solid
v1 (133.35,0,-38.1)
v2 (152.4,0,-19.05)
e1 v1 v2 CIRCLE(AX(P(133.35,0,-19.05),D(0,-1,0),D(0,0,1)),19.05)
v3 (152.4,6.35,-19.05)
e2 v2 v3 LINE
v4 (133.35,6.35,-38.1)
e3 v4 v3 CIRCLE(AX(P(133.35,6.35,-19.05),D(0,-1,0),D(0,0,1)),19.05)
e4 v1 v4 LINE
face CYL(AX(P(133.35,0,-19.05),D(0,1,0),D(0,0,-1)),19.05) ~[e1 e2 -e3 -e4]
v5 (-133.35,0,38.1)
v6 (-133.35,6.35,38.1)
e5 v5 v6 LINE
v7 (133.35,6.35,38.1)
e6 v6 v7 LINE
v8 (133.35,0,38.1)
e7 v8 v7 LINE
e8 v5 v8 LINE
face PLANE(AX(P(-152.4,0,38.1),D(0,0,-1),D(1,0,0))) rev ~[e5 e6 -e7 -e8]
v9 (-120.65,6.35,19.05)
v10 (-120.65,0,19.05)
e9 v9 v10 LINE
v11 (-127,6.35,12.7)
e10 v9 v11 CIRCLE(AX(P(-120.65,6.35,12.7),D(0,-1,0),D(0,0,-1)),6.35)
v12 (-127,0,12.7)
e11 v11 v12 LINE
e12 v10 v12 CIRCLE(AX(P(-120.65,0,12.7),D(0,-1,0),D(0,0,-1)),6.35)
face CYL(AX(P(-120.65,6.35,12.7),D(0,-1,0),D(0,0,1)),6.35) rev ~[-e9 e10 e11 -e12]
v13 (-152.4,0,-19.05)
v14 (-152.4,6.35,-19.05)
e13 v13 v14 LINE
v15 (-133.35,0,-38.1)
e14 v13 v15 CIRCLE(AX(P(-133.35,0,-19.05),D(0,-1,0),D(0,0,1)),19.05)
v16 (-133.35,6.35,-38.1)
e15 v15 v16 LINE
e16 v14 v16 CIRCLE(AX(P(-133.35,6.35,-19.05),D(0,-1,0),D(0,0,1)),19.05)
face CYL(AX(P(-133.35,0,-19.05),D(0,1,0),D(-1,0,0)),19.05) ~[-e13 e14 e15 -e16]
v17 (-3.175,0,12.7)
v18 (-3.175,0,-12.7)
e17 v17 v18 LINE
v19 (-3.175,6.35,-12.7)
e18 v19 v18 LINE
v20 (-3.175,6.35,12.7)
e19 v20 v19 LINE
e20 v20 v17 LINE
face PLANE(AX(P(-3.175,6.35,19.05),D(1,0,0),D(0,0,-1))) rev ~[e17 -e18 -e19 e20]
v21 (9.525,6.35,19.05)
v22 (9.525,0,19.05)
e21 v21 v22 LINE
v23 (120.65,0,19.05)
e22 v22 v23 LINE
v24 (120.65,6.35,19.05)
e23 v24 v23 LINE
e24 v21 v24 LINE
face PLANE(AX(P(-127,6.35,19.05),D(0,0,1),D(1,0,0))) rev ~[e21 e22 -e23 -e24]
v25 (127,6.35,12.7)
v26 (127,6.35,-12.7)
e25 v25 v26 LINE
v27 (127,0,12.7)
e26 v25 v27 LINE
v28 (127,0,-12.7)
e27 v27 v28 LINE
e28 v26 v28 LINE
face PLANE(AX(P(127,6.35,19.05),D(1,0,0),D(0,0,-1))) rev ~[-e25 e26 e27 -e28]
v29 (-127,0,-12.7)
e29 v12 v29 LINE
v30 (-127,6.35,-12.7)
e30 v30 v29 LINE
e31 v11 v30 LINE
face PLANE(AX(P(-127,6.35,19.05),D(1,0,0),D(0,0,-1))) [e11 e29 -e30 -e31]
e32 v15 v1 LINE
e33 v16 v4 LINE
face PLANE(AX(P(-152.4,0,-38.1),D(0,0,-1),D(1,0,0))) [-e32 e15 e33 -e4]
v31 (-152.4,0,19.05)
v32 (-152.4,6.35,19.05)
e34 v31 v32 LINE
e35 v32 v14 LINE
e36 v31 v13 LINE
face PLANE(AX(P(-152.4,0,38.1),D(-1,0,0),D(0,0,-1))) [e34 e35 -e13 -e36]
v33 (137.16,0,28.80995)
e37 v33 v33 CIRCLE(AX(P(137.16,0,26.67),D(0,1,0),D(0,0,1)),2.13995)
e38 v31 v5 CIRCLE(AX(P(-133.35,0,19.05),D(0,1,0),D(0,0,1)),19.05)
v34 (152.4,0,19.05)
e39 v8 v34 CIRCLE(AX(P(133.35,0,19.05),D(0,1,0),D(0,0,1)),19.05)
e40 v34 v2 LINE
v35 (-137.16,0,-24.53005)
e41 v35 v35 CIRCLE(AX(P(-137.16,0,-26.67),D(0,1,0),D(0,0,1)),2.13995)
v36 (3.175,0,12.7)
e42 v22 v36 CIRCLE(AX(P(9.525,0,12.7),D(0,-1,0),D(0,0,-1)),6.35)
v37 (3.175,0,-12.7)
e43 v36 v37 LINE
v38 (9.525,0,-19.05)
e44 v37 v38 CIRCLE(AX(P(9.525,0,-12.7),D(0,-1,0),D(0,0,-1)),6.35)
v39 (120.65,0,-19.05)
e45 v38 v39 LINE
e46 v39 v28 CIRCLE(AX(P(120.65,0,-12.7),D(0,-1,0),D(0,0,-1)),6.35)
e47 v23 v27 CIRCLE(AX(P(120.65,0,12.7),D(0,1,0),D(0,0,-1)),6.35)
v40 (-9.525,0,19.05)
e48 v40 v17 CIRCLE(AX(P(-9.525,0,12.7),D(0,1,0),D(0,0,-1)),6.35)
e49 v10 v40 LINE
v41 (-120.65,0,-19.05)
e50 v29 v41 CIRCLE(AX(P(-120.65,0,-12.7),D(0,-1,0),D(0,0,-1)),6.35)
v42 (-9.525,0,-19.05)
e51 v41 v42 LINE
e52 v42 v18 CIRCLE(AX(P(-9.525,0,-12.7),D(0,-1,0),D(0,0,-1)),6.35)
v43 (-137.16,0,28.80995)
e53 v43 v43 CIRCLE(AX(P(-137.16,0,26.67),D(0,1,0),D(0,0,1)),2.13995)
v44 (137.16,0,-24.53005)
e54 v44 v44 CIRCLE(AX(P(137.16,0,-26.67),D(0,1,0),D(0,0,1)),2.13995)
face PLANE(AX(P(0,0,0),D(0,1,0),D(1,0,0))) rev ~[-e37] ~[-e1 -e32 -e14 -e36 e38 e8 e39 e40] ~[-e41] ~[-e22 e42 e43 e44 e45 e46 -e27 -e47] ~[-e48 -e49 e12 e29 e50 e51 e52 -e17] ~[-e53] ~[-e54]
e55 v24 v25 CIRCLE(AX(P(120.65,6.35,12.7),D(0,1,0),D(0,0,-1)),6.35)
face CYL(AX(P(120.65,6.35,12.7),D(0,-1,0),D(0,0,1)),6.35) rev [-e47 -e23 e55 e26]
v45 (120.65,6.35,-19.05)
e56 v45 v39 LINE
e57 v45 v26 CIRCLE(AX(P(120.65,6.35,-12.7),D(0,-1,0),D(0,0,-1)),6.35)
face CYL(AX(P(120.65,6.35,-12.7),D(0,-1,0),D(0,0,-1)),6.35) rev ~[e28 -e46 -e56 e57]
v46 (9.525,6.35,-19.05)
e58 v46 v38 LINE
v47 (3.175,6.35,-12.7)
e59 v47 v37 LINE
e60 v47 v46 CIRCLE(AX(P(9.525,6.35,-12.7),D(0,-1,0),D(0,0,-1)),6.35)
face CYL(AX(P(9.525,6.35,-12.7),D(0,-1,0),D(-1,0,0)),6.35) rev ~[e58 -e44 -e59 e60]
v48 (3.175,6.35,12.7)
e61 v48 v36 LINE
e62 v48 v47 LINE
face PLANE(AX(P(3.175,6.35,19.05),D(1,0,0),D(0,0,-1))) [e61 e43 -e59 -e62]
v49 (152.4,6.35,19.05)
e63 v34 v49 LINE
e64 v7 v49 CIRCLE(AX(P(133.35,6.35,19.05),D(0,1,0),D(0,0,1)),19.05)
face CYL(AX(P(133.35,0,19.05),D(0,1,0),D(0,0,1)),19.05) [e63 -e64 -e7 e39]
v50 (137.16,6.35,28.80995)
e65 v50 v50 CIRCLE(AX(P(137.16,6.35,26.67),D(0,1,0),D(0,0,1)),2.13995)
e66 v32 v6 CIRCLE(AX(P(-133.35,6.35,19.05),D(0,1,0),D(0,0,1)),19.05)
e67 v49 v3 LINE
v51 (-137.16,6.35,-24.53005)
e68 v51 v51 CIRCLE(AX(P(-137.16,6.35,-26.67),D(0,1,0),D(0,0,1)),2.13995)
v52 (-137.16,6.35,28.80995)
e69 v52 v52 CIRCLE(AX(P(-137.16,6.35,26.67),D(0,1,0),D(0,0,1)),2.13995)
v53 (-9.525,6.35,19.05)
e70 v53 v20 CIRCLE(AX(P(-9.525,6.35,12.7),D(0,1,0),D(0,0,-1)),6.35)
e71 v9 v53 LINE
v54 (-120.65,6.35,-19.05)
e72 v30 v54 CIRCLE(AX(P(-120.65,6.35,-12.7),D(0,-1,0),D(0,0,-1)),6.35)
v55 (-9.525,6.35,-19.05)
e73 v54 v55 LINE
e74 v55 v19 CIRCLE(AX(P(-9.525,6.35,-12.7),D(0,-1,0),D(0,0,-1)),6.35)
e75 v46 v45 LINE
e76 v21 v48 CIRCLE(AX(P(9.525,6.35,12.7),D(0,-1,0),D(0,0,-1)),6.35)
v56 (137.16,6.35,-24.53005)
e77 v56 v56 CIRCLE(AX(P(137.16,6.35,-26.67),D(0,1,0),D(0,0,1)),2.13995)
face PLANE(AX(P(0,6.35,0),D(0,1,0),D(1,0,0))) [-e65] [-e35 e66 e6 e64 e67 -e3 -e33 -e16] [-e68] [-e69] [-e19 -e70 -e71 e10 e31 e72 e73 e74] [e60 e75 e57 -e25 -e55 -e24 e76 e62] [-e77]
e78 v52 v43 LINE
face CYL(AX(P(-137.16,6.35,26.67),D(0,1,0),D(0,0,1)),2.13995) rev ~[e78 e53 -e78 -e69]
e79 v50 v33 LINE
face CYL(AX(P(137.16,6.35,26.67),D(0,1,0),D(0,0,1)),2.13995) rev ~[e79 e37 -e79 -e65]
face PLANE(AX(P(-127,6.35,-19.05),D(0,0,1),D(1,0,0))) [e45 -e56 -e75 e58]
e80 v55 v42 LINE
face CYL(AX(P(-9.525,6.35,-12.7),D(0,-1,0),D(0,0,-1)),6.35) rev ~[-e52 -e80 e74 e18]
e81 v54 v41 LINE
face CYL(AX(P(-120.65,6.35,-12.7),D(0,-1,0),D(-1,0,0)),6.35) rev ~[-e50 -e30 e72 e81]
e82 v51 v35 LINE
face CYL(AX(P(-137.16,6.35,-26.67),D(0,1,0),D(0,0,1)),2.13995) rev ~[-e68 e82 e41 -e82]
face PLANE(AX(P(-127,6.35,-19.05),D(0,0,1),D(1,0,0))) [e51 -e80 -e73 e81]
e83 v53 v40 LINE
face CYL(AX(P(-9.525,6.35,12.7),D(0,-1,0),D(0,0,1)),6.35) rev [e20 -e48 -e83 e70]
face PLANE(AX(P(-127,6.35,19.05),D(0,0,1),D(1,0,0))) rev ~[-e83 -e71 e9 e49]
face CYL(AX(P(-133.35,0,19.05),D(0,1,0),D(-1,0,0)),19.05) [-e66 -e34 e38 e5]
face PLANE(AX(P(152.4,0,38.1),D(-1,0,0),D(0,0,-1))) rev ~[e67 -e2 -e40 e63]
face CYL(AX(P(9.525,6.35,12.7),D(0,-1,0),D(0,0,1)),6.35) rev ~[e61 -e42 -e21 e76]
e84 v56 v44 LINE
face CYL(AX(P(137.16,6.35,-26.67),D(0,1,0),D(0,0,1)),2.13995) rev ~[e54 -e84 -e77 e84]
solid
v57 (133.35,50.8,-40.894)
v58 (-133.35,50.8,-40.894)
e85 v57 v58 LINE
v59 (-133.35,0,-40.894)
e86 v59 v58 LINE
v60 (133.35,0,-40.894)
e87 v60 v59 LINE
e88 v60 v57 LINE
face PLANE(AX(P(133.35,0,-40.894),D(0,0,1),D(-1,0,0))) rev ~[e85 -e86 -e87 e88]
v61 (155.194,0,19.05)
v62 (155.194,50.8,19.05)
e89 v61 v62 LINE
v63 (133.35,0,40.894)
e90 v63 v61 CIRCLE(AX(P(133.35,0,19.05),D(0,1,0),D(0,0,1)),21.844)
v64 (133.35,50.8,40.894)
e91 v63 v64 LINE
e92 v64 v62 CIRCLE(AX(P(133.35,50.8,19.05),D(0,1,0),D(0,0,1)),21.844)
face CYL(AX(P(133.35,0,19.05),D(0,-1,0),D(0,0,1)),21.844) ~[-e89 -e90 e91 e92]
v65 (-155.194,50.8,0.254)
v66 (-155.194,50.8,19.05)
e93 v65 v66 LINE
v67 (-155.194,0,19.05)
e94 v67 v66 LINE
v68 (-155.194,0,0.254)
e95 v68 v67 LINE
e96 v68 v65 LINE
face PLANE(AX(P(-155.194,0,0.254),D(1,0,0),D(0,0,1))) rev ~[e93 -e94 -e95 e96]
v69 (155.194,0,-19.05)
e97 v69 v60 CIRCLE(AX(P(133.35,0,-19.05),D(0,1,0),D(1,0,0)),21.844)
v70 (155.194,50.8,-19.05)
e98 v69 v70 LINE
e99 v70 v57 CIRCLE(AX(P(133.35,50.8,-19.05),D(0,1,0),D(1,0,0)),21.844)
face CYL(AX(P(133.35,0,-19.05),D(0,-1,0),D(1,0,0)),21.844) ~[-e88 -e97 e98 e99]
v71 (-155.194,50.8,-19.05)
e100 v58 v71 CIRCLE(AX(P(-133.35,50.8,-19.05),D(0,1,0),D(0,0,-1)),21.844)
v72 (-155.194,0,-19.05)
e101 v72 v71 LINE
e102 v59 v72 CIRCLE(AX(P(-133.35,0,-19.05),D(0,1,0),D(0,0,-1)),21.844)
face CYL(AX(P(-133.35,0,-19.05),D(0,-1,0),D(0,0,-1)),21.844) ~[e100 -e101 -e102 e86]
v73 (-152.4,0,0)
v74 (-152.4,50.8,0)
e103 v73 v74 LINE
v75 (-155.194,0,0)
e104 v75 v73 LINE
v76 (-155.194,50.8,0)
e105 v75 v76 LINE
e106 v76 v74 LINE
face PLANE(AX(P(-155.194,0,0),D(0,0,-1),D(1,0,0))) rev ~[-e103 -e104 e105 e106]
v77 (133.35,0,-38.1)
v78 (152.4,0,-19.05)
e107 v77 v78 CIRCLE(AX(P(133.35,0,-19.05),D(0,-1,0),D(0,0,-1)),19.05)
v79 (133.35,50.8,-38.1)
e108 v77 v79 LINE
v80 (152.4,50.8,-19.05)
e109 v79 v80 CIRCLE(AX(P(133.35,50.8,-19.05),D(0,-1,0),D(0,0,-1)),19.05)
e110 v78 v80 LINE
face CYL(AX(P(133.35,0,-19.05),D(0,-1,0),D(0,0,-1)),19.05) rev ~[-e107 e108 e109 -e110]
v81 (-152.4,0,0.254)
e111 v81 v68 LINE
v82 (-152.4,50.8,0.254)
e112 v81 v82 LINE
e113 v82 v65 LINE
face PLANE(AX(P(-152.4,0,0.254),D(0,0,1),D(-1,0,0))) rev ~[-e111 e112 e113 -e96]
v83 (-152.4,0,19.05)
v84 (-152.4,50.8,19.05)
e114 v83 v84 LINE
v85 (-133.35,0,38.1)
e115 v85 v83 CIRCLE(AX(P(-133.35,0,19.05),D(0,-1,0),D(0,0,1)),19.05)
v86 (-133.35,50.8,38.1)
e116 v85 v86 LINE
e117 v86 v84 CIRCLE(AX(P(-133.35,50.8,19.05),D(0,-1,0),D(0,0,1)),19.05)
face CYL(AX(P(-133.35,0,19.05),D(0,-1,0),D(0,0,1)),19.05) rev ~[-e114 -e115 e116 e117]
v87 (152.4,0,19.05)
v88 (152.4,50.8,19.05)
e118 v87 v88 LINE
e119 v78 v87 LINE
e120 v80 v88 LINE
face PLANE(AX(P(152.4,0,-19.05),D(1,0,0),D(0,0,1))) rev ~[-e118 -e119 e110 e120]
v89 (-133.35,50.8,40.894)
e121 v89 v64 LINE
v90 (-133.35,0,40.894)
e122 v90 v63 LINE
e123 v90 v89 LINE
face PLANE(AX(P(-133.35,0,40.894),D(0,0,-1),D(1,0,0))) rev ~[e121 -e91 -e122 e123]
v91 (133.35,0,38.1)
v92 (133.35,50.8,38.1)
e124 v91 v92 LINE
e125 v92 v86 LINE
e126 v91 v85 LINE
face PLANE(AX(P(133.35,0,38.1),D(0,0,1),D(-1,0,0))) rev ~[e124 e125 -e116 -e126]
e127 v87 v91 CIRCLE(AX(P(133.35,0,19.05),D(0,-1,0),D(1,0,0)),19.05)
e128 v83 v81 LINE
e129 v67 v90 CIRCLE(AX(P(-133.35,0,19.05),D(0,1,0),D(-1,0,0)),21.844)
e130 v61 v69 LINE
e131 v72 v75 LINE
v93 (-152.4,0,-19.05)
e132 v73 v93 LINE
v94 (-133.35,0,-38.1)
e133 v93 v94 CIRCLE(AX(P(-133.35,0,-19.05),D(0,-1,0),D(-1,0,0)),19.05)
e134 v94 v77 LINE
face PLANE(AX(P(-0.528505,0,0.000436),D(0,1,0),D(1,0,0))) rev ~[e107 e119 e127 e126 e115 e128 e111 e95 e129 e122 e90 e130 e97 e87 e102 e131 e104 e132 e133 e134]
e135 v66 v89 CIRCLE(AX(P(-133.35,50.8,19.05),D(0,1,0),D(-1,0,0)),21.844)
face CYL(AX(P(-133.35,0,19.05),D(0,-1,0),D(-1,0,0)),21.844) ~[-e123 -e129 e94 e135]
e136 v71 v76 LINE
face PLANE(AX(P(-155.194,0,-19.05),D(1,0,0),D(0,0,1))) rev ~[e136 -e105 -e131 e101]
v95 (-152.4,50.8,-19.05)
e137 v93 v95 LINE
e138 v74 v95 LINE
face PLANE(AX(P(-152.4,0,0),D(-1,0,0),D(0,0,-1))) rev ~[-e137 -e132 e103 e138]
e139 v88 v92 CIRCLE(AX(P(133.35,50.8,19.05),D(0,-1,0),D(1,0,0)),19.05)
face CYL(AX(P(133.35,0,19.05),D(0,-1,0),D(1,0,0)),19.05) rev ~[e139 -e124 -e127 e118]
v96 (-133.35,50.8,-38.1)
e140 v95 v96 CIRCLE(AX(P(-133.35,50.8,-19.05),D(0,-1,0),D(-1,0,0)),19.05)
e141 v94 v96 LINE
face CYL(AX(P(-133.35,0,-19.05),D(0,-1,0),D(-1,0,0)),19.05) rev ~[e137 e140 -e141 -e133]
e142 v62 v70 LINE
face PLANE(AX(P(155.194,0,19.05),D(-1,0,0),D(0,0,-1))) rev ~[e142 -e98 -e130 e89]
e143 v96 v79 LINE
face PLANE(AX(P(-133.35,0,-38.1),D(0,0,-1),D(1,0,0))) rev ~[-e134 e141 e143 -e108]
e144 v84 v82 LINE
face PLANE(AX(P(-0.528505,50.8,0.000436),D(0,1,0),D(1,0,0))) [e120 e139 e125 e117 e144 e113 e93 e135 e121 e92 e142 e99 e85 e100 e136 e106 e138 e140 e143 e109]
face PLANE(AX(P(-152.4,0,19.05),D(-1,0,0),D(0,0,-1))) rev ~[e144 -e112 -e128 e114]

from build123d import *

# Parameters (mm, degrees)
SKETCH1_W           = 304.8
SKETCH1_H           = 76.2
BOSS_EXTRUDE1_DEPTH = 6.35
SKETCH2_W           = 254
SKETCH2_H           = 38.1
CUT_EXTRUDE1_DEPTH  = 158.21861372
SKETCH3_W           = 6.35
SKETCH3_H           = 38.1
BOSS_EXTRUDE2_DEPTH = 6.35
FILLET1_R           = 19.05
FILLET2_R           = 6.35
SKETCH4_R           = 2.13995
CUT_EXTRUDE2_DEPTH  = 158.21861372
BOSS_EXTRUDE3_DEPTH = 50.8


with BuildPart() as part:
    # Sketch1 → Boss-Extrude1 (new body)
    with BuildSketch(Plane(origin=(0, 0, 0), x_dir=(1, 0, 0), z_dir=(0, 1, 0))):
        Rectangle(SKETCH1_W, SKETCH1_H)
    extrude(amount=BOSS_EXTRUDE1_DEPTH)

    # Sketch2 → Cut-Extrude1 (cut, through all)
    with BuildSketch(Plane(origin=(0, 6.35, 0), x_dir=(1, 0, 0), z_dir=(0, 1, 0))):
        Rectangle(SKETCH2_W, SKETCH2_H)
    extrude(amount=-CUT_EXTRUDE1_DEPTH, mode=Mode.SUBTRACT)

    # Sketch3 → Boss-Extrude2 (add)
    with BuildSketch(Plane(origin=(0, 6.35, 0), x_dir=(1, 0, 0), z_dir=(0, 1, 0))):
        Rectangle(SKETCH3_W, SKETCH3_H)
    extrude(amount=-BOSS_EXTRUDE2_DEPTH)

    # Fillet1
    fillet1_edges = [part.edges().sort_by_distance(p)[0] for p in [
        (152.4, 3.175, 38.1),
        (-152.4, 3.175, 38.1),
        (-152.4, 3.175, -38.1),
        (152.4, 3.175, -38.1),
    ]]
    fillet(fillet1_edges, radius=FILLET1_R)

    # Fillet2
    fillet2_edges = [part.edges().sort_by_distance(p)[0] for p in [
        (127, 3.175, -19.05),
        (127, 3.175, 19.05),
        (-127, 3.175, 19.05),
        (-127, 3.175, -19.05),
        (3.175, 3.175, -19.05),
        (3.175, 3.175, 19.05),
        (-3.175, 3.175, 19.05),
        (-3.175, 3.175, -19.05),
    ]]
    fillet(fillet2_edges, radius=FILLET2_R)

    # Sketch4 → Cut-Extrude2 (cut, through all)
    with BuildSketch(Plane(origin=(0, 6.35, 0), x_dir=(1, 0, 0), z_dir=(0, 1, 0))):
        with Locations(Location((137.16, 26.67, 0), (0, 0, 270))):
            Circle(SKETCH4_R)
        with Locations(Location((137.16, -26.67, 0), (0, 0, 270))):
            Circle(SKETCH4_R)
        with Locations(Location((-137.16, -26.67, 0), (0, 0, 270))):
            Circle(SKETCH4_R)
        with Locations(Location((-137.16, 26.67, 0), (0, 0, 270))):
            Circle(SKETCH4_R)
    extrude(amount=-CUT_EXTRUDE2_DEPTH, mode=Mode.SUBTRACT)


with BuildPart() as body_2:
    # Sketch5 → Boss-Extrude3 (new body)
    with BuildSketch(Plane(origin=(0, 0, 0), x_dir=(1, 0, 0), z_dir=(0, 1, 0))):
        with BuildLine():
            Line((-155.194, 19.05), (-155.194, 0))
            Line((-155.194, 0), (-152.4, 0))
            Line((-152.4, 0), (-152.4, 19.05))
            ThreePointArc((-152.4, 19.05), (-146.820384182, 32.520384182), (-133.35, 38.1))
            Line((-133.35, 38.1), (133.35, 38.1))
            ThreePointArc((133.35, 38.1), (146.820384182, 32.520384182), (152.4, 19.05))
            Line((152.4, 19.05), (152.4, -19.05))
            ThreePointArc((152.4, -19.05), (146.820384182, -32.520384182), (133.35, -38.1))
            Line((133.35, -38.1), (-133.35, -38.1))
            ThreePointArc((-133.35, -38.1), (-146.820384182, -32.520384182), (-152.4, -19.05))
            Line((-152.4, -19.05), (-152.4, -0.254))
            Line((-152.4, -0.254), (-155.194, -0.254))
            Line((-155.194, -0.254), (-155.194, -19.05))
            ThreePointArc((-155.194, -19.05), (-148.796040528, -34.496040528), (-133.35, -40.894))
            Line((-133.35, -40.894), (133.35, -40.894))
            ThreePointArc((133.35, -40.894), (148.796040528, -34.496040528), (155.194, -19.05))
            Line((155.194, -19.05), (155.194, 19.05))
            ThreePointArc((155.194, 19.05), (148.796040528, 34.496040528), (133.35, 40.894))
            Line((133.35, 40.894), (-133.35, 40.894))
            ThreePointArc((-133.35, 40.894), (-148.796040528, 34.496040528), (-155.194, 19.05))
        make_face()
    extrude(amount=BOSS_EXTRUDE3_DEPTH)


solid = Compound([part.part, body_2.part])
